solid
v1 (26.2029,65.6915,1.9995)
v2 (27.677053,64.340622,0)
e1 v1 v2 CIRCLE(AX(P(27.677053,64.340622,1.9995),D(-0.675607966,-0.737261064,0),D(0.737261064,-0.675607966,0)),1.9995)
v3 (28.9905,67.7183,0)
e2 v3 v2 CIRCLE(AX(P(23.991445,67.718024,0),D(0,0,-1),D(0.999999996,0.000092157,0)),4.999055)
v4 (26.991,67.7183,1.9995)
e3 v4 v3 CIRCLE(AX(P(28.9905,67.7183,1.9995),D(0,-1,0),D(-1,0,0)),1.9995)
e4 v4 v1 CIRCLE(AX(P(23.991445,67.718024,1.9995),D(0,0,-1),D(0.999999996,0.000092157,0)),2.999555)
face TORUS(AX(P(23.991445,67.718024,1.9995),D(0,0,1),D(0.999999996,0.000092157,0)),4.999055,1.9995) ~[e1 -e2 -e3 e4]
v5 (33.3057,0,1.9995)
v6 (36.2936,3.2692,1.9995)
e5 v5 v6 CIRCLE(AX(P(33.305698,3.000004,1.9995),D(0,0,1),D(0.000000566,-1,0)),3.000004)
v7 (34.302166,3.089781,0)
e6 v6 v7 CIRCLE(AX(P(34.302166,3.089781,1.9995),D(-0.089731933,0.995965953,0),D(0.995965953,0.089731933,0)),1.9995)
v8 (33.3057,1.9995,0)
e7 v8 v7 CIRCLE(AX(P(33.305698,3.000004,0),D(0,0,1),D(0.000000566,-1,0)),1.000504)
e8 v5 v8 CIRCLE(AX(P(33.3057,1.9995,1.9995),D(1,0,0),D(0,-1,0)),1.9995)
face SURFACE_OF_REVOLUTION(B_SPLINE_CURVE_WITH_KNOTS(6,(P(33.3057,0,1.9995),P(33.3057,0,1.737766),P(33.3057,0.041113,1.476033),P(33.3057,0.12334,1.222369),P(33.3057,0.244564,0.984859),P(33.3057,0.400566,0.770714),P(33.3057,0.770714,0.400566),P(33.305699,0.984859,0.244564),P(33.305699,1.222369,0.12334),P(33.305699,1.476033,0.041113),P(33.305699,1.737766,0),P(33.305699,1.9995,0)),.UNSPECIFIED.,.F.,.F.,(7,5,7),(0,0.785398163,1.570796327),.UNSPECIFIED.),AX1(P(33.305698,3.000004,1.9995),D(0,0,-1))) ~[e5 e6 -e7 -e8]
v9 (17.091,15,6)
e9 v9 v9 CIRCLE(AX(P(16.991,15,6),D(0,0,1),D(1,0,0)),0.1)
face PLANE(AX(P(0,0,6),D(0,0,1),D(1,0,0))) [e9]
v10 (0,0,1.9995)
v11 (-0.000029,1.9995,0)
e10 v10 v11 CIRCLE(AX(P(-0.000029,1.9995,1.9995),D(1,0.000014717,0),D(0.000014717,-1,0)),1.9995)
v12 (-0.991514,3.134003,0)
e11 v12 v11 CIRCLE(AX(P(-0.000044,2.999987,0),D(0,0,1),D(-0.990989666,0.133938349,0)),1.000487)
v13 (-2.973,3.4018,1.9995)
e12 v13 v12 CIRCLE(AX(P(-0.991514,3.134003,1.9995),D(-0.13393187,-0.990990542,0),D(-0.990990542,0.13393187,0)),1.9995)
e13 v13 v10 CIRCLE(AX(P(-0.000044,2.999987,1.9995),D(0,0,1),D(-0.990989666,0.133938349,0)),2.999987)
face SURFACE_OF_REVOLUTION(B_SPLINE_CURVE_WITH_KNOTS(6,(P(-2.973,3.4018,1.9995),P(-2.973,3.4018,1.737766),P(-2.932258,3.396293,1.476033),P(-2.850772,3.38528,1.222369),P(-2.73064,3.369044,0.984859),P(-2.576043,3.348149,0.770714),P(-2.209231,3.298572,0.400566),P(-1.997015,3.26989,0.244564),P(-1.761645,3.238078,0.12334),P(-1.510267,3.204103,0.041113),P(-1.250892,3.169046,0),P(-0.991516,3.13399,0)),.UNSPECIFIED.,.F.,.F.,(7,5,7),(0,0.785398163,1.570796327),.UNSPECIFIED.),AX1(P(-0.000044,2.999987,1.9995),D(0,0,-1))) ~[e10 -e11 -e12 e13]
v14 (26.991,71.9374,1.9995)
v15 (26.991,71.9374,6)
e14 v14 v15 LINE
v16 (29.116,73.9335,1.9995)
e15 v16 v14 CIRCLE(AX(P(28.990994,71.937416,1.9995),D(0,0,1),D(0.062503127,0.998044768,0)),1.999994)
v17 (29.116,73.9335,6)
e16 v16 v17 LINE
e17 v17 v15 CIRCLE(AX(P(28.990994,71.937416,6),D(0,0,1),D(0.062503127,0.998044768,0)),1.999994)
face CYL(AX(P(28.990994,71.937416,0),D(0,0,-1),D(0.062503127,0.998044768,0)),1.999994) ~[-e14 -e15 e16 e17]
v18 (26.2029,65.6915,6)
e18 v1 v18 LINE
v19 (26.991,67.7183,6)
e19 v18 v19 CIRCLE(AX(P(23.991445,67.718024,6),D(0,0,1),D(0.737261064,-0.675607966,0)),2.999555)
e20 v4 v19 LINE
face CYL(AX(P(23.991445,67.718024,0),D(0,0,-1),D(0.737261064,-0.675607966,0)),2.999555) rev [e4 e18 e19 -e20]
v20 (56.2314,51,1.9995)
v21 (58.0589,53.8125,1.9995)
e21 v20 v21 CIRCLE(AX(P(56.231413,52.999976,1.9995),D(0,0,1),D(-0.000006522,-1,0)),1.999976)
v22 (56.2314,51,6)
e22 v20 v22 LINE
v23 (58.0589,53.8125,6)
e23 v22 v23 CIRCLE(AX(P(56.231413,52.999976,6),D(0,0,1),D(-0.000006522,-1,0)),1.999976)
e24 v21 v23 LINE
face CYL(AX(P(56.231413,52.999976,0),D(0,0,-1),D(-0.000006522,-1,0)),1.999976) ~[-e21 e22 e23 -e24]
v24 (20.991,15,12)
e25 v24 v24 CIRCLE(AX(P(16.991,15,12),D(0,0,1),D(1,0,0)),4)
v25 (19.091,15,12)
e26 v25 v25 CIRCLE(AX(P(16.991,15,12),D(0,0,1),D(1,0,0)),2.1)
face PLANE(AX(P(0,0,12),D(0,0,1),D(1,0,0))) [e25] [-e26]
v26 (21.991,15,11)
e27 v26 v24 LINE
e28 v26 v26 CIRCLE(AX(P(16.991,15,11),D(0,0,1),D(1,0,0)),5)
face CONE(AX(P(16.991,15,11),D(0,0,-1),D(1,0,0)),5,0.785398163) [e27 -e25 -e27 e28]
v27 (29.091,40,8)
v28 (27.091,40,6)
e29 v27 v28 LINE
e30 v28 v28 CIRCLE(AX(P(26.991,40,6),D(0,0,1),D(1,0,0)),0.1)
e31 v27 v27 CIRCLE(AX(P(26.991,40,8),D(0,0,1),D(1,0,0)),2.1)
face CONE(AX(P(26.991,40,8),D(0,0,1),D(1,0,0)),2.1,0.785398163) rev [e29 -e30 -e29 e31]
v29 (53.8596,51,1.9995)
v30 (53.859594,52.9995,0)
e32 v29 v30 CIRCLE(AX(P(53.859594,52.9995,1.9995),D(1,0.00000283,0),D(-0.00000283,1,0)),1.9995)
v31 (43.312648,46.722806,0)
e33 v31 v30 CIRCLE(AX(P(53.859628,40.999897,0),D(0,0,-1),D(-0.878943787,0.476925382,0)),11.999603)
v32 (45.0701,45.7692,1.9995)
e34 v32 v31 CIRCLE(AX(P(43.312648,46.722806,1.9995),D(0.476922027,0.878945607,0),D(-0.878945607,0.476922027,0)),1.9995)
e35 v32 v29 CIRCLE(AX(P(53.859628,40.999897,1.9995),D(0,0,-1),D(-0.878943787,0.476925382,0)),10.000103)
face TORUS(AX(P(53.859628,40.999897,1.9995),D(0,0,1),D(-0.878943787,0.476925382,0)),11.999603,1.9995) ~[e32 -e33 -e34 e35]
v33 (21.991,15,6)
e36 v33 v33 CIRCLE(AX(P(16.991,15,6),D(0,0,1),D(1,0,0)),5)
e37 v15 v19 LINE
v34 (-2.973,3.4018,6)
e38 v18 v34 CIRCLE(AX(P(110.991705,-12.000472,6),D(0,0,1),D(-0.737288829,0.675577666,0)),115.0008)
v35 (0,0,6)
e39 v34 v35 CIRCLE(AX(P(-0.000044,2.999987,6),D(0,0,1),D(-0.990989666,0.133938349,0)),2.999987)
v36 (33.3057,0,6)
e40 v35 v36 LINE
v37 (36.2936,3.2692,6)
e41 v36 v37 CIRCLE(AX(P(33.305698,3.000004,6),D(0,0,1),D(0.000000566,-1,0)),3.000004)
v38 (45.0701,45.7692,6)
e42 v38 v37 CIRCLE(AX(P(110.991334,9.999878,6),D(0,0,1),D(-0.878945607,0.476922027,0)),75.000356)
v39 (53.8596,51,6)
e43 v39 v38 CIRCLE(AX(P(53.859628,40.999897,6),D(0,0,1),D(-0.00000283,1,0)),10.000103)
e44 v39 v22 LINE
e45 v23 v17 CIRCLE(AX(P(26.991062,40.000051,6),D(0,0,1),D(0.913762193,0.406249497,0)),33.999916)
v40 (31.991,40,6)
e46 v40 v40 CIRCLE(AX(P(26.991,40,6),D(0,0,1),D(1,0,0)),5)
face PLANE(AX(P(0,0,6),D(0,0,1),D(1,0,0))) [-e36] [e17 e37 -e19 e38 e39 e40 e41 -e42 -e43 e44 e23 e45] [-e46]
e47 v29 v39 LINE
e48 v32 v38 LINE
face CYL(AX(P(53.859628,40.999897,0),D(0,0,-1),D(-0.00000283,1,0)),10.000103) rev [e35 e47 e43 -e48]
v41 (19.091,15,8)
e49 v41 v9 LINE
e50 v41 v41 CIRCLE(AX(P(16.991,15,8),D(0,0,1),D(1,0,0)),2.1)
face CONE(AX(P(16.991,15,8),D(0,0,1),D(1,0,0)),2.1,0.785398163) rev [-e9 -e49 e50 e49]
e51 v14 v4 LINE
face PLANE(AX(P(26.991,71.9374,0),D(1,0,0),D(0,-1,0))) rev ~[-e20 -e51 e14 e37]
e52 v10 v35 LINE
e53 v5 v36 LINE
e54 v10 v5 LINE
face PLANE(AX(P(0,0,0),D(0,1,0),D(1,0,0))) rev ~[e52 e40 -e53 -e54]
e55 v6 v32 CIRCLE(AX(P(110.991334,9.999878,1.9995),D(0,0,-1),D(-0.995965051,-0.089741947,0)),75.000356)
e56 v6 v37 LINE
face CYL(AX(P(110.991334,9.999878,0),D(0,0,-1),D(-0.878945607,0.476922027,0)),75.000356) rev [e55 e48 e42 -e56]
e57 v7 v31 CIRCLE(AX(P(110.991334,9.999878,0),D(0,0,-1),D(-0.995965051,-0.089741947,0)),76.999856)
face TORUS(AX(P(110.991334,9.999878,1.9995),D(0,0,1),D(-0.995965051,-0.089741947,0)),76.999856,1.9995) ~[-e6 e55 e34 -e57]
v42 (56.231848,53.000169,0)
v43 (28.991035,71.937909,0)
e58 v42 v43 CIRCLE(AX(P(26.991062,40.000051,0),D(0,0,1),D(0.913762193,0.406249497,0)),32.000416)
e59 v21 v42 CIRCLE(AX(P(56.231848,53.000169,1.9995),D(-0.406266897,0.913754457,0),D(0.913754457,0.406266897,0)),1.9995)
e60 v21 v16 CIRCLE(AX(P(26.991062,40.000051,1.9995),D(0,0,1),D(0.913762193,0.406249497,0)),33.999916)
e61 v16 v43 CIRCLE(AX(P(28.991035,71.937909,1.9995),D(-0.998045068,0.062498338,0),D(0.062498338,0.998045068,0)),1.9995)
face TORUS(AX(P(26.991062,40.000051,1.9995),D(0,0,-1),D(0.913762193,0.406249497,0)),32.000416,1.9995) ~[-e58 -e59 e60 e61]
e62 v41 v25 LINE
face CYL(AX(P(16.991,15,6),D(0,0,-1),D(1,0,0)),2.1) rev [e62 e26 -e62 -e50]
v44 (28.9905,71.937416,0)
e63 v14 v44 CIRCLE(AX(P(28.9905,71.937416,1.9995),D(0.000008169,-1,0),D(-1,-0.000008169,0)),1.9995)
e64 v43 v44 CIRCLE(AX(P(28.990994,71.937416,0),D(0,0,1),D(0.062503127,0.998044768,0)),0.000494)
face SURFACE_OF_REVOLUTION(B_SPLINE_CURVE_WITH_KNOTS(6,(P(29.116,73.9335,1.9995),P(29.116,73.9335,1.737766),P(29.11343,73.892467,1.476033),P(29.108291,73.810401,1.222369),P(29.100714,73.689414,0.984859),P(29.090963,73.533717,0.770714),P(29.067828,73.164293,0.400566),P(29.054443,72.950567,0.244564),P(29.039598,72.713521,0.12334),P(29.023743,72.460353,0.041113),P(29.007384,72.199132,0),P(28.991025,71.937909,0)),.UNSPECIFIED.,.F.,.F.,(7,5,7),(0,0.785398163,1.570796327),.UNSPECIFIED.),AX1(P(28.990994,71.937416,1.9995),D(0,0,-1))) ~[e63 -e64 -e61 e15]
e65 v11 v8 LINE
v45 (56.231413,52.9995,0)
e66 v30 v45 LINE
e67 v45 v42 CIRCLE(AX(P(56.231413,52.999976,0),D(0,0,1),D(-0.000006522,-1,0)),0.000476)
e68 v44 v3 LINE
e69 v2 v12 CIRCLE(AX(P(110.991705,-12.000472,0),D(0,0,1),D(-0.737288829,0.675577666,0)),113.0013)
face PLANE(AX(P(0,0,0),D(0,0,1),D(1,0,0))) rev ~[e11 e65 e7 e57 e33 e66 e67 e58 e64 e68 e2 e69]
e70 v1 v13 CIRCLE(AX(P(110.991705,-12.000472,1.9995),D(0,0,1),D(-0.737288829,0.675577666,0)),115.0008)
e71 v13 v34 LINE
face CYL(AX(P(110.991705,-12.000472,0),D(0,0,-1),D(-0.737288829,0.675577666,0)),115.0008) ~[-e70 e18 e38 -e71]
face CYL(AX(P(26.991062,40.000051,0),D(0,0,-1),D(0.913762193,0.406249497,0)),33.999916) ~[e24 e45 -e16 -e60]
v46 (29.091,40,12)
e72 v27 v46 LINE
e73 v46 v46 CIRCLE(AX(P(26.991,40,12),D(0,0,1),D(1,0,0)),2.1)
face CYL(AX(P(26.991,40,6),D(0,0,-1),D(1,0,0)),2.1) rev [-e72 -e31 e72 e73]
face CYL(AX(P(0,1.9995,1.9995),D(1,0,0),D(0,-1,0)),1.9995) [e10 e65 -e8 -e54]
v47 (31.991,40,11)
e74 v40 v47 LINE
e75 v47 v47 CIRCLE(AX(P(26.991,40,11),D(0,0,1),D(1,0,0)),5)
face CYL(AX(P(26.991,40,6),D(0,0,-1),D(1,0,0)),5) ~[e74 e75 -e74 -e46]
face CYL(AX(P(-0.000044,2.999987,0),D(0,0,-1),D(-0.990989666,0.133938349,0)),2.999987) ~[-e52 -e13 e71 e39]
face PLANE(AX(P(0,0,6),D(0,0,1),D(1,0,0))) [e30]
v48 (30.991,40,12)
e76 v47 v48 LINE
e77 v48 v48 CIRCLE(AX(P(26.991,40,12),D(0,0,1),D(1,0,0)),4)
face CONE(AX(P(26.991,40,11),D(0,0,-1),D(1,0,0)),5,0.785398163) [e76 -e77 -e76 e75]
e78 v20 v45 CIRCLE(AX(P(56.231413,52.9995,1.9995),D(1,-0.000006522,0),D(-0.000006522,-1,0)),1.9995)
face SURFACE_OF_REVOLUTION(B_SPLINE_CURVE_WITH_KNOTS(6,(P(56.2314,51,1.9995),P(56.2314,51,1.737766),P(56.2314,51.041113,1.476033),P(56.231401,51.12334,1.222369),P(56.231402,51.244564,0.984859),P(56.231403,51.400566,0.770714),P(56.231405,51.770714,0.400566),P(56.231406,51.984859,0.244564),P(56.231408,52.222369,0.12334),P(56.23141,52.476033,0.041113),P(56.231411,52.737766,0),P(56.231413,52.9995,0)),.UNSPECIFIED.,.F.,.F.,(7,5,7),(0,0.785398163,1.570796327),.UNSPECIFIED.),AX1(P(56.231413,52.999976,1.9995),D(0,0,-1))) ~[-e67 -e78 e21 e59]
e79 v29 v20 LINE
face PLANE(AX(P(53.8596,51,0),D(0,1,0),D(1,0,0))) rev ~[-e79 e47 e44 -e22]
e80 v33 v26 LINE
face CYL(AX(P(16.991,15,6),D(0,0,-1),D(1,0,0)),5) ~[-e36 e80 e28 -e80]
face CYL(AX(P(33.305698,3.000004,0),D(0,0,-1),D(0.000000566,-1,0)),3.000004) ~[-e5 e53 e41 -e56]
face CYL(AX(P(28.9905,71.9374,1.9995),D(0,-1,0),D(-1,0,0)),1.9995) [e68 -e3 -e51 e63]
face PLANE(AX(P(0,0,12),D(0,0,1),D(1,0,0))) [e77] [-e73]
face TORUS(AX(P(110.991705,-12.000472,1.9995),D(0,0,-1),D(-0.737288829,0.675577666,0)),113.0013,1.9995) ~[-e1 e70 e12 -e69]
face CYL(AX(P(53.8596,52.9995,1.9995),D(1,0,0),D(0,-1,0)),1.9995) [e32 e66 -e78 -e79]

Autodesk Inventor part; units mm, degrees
ref_plane "YZ Plane" through (0, 0, 0) normal (1, 0, 0) x (0, 1, 0)
ref_plane "XZ Plane" through (0, 0, 0) normal (0, 1, 0) x (-1, 0, 0)
ref_plane "XY Plane" through (0, 0, 0) normal (0, 0, 1) x (1, 0, 0)
sketch "Sketch1" plane through (0, 0, 0) normal (0, 0, 1) x (1, 0, 0)
  arc A0 (26.2029, 65.6915) -> (-2.973, 3.4018) centre (110.991, -12) ccw
  line L0 (26.991, 71.9374) -> (26.991, 67.7183)
  arc A1 (26.2029, 65.6915) -> (26.991, 67.7183) centre (23.991, 67.7183) ccw
  arc A2 (29.116, 73.9335) -> (26.991, 71.9374) centre (28.991, 71.9374) ccw
  arc A3 (58.0589, 53.8125) -> (29.116, 73.9335) centre (26.991, 40) ccw
  arc A4 (56.2314, 51) -> (58.0589, 53.8125) centre (56.2314, 53) ccw
  line L1 (53.8596, 51) -> (56.2314, 51)
  arc A5 (53.8596, 51) -> (45.0701, 45.7692) centre (53.8596, 41) ccw
  arc A6 (45.0701, 45.7692) -> (36.2936, 3.2692) centre (110.991, 10) ccw
  arc A7 (33.3057, 0) -> (36.2936, 3.2692) centre (33.3057, 3) ccw
  line L2 (0, 0) -> (33.3057, 0)
  arc A8 (-2.973, 3.4018) -> (0, 0) centre (0, 3) ccw
extrude "Extrusion1" add sketch "Sketch1" along normal blind 6
fillet "Fillet1" radius 2 12 edges at (57.9084, 51.9103, 0) (46.3986, 67.9167, 0) (27.6217, 73.3952, 0) (26.991, 69.8278, 0) (26.787, 66.631, 0) (6.8488, 36.7791, 0) (-2.2589, 1.0258, 0) (16.6529, 0, 0) (35.5202, 0.9761, 0) (37.5408, 25.1679, 0) (48.7455, 49.5934, 0) (55.0455, 51, 0)
sketch "Sketch2" plane through (0, 0, 6) normal (0, 0, 1) x (1, 0, 0)
  circle A0 centre (16.991, 15) radius 5
  circle A1 centre (26.991, 40) radius 5
  circle A2 centre (16.991, 15) radius 2.1
  circle A3 centre (26.991, 40) radius 2.1
  point P0 (0, 0)
extrude "Extrusion2" add sketch "Sketch2" along normal blind 6
chamfer "Chamfer1" distance 1 angle 45 2 edges at (21.991, 40, 12) (11.991, 15, 12)
chamfer "Chamfer2" distance 2 angle 45 1 edges at (24.891, 40, 6)
chamfer "Chamfer3" distance 2 angle 45 1 edges at (14.891, 15, 6)
properties part number "Rukohvat_Levi_2"
